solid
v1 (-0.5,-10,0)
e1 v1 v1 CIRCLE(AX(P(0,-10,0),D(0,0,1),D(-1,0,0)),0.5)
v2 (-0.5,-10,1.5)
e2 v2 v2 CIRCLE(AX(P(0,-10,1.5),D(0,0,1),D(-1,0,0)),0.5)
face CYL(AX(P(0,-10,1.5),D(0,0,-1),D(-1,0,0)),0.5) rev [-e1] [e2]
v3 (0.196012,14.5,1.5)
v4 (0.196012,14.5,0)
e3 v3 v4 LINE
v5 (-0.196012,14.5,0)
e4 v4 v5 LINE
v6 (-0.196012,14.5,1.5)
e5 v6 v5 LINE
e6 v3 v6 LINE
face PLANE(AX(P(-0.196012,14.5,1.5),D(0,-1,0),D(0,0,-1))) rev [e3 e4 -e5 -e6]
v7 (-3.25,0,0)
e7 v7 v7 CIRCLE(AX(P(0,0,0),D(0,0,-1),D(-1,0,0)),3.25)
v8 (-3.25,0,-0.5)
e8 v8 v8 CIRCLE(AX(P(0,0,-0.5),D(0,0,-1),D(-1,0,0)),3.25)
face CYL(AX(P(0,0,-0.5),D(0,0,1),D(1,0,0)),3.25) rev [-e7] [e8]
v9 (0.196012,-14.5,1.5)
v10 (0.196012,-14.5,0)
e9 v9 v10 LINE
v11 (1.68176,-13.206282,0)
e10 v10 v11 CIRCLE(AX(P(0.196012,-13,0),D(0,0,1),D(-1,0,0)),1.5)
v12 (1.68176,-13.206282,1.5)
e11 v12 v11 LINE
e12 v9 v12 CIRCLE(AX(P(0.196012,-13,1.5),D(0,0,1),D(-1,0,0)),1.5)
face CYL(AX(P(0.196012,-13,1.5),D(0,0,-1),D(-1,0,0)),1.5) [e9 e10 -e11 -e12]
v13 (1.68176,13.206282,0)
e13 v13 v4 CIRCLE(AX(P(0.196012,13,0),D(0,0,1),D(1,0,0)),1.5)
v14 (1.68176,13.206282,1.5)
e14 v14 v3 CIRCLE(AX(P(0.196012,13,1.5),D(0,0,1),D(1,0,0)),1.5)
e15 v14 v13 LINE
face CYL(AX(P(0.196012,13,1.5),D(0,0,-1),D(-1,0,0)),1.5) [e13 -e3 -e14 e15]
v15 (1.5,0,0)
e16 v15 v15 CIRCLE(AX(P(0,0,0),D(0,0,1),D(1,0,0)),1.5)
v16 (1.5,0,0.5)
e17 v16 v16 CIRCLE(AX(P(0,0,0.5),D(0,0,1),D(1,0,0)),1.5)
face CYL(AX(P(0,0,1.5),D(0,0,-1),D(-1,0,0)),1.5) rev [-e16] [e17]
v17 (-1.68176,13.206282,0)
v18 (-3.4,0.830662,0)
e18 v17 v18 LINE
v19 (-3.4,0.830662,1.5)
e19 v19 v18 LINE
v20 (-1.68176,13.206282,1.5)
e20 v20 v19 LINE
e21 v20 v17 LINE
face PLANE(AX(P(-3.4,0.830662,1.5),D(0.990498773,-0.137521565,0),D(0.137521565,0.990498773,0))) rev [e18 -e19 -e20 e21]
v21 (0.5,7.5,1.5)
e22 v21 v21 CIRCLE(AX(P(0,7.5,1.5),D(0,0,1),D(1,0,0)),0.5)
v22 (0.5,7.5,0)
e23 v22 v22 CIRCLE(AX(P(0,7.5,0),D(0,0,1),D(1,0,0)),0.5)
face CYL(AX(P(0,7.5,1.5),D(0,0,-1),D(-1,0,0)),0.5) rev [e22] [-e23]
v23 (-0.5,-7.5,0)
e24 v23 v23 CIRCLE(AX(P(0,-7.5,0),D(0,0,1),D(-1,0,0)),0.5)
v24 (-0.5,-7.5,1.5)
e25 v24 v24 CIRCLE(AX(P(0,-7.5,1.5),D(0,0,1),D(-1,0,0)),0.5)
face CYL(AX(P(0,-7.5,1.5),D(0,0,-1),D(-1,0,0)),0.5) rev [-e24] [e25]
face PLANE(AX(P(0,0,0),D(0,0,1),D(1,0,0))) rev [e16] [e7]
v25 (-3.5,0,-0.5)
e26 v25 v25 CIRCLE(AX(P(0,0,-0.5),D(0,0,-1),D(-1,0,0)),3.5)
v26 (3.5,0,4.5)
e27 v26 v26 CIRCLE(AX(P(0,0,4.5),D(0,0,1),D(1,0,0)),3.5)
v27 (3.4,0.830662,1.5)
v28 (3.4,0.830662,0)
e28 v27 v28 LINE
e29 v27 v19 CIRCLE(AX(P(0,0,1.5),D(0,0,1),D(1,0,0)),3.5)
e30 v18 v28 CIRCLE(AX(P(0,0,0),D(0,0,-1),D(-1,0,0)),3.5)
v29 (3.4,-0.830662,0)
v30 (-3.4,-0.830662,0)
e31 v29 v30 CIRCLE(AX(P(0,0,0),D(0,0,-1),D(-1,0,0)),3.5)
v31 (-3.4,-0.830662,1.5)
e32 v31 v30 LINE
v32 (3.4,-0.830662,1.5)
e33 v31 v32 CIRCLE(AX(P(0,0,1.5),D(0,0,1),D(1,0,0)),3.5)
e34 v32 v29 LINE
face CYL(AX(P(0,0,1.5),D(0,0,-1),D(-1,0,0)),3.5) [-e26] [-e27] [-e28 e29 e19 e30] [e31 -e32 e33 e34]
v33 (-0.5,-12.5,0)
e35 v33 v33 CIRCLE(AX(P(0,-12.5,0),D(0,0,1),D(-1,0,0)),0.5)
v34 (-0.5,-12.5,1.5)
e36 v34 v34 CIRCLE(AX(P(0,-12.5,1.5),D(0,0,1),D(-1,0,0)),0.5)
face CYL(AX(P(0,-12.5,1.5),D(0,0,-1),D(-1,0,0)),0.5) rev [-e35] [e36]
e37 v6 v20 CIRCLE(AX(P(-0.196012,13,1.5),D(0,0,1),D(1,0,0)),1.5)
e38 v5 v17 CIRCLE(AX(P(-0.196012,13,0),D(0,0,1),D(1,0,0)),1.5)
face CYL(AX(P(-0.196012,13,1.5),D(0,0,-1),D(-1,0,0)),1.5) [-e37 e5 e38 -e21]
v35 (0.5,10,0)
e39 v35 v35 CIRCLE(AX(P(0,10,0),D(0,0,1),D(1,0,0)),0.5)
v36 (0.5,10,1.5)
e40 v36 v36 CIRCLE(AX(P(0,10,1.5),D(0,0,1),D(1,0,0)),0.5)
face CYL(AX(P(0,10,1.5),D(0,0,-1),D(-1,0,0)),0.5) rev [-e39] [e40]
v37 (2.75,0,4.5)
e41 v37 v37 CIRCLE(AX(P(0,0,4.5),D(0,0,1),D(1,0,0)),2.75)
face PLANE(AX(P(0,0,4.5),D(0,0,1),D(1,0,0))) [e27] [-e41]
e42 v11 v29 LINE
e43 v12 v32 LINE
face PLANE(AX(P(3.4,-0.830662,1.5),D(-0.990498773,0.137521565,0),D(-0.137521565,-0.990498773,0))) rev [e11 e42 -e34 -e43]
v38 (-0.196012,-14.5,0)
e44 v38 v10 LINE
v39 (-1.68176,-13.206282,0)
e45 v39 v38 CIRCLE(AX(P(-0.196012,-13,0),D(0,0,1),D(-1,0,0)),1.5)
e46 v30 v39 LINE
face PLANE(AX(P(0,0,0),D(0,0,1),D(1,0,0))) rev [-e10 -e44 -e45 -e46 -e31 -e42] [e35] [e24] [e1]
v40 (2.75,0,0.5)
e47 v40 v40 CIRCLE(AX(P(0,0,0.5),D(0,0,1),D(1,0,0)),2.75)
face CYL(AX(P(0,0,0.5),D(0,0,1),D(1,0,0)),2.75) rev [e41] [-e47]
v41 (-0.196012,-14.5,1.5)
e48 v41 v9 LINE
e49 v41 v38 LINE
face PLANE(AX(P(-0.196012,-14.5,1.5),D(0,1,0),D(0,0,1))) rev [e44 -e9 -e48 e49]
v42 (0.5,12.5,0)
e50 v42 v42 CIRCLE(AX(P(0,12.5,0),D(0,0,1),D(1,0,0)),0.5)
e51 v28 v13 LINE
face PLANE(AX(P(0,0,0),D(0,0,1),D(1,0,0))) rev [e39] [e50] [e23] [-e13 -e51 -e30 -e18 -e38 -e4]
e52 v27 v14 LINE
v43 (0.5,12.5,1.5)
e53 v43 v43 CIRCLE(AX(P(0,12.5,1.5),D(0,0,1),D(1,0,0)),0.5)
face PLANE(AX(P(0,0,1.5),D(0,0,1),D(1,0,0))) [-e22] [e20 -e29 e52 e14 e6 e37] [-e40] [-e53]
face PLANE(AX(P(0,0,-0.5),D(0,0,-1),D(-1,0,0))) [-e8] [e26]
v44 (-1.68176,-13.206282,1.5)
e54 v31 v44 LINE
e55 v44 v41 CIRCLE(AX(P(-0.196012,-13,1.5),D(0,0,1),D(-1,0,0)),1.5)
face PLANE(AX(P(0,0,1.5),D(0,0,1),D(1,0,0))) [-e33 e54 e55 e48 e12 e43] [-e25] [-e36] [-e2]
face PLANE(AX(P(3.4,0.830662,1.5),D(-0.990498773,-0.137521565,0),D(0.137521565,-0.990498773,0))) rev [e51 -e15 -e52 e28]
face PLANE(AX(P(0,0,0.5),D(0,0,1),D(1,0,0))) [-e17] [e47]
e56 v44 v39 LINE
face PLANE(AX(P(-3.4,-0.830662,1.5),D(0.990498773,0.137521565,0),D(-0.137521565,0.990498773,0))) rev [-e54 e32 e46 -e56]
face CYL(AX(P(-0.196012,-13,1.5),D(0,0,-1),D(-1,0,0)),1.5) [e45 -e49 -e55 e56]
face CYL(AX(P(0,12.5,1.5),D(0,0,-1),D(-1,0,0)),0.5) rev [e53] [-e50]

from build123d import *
from build123d.topology import SkipClean

# Parameters (mm, degrees)
SKETCH1_R           = 0.5
SKETCH1_R_2         = 1.5
BOSS_EXTRUDE3_DEPTH = 1.5
SKETCH2_R           = 3.5
BOSS_EXTRUDE4_DEPTH = 3
BOSS_EXTRUDE5_START = 0.5
SKETCH3_R           = 3.5
SKETCH3_R_2         = 3.25
BOSS_EXTRUDE5_DEPTH = 0.5
SKETCH4_R           = 2.75
CUT_EXTRUDE1_DEPTH  = 4


with BuildPart() as part:
    # Sketch1 → Boss-Extrude3 (new body)
    with BuildSketch(Plane.XY):
        with BuildLine():
            Line((-3.4, 0.830662386), (-1.681759988, 13.206282347))
            ThreePointArc((-1.681759988, 13.206282347), (-1.181043929, 14.131243458), (-0.196011829, 14.5))
            Line((-0.196011829, 14.5), (0.196011829, 14.5))
            ThreePointArc((0.196011829, 14.5), (1.181043929, 14.131243458), (1.681759988, 13.206282347))
            Line((1.681759988, 13.206282347), (3.4, 0.830662386))
            ThreePointArc((3.4, 0.830662386), (3.5, 0), (3.4, -0.830662386))
            Line((3.4, -0.830662386), (1.681759988, -13.206282347))
            ThreePointArc((1.681759988, -13.206282347), (1.181043929, -14.131243458), (0.196011829, -14.5))
            Line((0.196011829, -14.5), (-0.196011829, -14.5))
            ThreePointArc((-0.196011829, -14.5), (-1.181043929, -14.131243458), (-1.681759988, -13.206282347))
            Line((-1.681759988, -13.206282347), (-3.4, -0.830662386))
            ThreePointArc((-3.4, -0.830662386), (-3.5, 0), (-3.4, 0.830662386))
        make_face()
        with Locations((0, 10)):
            Circle(SKETCH1_R, mode=Mode.SUBTRACT)
        with Locations((0, 12.5)):
            Circle(SKETCH1_R, mode=Mode.SUBTRACT)
        with Locations((0, 7.5)):
            Circle(SKETCH1_R, mode=Mode.SUBTRACT)
        Circle(SKETCH1_R_2, mode=Mode.SUBTRACT)
        with Locations(Location((0, -7.5, 0), (0, 0, 180))):
            Circle(SKETCH1_R, mode=Mode.SUBTRACT)
        with Locations(Location((0, -12.5, 0), (0, 0, 180))):
            Circle(SKETCH1_R, mode=Mode.SUBTRACT)
        with Locations(Location((0, -10, 0), (0, 0, 180))):
            Circle(SKETCH1_R, mode=Mode.SUBTRACT)
    extrude(amount=BOSS_EXTRUDE3_DEPTH)

    # Sketch2 → Boss-Extrude4 (add)
    with SkipClean():  # the faces are left unmerged after this step: merging them gives an invalid solid
        with BuildSketch(Plane.XY.offset(1.5)):
            with Locations(Location((0, 0, 0), (0, 0, 166.270867325))):
                Circle(SKETCH2_R)
        extrude(amount=BOSS_EXTRUDE4_DEPTH)

    # Sketch3 → Boss-Extrude5 (add)
    with SkipClean():  # the faces are left unmerged after this step: merging them gives an invalid solid
        with BuildSketch(Plane(origin=(0, 0, 0), x_dir=(-1, 0, 0), z_dir=(0, 0, -1)).offset(BOSS_EXTRUDE5_START)):
            Circle(SKETCH3_R)
            Circle(SKETCH3_R_2, mode=Mode.SUBTRACT)
        extrude(amount=-BOSS_EXTRUDE5_DEPTH)

    # Sketch4 → Cut-Extrude1 (cut)
    with SkipClean():  # the faces are left unmerged after this step: merging them gives an invalid solid
        with BuildSketch(Plane.XY.offset(4.5)):
            Circle(SKETCH4_R)
        extrude(amount=-CUT_EXTRUDE1_DEPTH, mode=Mode.SUBTRACT)


solid = part.part
